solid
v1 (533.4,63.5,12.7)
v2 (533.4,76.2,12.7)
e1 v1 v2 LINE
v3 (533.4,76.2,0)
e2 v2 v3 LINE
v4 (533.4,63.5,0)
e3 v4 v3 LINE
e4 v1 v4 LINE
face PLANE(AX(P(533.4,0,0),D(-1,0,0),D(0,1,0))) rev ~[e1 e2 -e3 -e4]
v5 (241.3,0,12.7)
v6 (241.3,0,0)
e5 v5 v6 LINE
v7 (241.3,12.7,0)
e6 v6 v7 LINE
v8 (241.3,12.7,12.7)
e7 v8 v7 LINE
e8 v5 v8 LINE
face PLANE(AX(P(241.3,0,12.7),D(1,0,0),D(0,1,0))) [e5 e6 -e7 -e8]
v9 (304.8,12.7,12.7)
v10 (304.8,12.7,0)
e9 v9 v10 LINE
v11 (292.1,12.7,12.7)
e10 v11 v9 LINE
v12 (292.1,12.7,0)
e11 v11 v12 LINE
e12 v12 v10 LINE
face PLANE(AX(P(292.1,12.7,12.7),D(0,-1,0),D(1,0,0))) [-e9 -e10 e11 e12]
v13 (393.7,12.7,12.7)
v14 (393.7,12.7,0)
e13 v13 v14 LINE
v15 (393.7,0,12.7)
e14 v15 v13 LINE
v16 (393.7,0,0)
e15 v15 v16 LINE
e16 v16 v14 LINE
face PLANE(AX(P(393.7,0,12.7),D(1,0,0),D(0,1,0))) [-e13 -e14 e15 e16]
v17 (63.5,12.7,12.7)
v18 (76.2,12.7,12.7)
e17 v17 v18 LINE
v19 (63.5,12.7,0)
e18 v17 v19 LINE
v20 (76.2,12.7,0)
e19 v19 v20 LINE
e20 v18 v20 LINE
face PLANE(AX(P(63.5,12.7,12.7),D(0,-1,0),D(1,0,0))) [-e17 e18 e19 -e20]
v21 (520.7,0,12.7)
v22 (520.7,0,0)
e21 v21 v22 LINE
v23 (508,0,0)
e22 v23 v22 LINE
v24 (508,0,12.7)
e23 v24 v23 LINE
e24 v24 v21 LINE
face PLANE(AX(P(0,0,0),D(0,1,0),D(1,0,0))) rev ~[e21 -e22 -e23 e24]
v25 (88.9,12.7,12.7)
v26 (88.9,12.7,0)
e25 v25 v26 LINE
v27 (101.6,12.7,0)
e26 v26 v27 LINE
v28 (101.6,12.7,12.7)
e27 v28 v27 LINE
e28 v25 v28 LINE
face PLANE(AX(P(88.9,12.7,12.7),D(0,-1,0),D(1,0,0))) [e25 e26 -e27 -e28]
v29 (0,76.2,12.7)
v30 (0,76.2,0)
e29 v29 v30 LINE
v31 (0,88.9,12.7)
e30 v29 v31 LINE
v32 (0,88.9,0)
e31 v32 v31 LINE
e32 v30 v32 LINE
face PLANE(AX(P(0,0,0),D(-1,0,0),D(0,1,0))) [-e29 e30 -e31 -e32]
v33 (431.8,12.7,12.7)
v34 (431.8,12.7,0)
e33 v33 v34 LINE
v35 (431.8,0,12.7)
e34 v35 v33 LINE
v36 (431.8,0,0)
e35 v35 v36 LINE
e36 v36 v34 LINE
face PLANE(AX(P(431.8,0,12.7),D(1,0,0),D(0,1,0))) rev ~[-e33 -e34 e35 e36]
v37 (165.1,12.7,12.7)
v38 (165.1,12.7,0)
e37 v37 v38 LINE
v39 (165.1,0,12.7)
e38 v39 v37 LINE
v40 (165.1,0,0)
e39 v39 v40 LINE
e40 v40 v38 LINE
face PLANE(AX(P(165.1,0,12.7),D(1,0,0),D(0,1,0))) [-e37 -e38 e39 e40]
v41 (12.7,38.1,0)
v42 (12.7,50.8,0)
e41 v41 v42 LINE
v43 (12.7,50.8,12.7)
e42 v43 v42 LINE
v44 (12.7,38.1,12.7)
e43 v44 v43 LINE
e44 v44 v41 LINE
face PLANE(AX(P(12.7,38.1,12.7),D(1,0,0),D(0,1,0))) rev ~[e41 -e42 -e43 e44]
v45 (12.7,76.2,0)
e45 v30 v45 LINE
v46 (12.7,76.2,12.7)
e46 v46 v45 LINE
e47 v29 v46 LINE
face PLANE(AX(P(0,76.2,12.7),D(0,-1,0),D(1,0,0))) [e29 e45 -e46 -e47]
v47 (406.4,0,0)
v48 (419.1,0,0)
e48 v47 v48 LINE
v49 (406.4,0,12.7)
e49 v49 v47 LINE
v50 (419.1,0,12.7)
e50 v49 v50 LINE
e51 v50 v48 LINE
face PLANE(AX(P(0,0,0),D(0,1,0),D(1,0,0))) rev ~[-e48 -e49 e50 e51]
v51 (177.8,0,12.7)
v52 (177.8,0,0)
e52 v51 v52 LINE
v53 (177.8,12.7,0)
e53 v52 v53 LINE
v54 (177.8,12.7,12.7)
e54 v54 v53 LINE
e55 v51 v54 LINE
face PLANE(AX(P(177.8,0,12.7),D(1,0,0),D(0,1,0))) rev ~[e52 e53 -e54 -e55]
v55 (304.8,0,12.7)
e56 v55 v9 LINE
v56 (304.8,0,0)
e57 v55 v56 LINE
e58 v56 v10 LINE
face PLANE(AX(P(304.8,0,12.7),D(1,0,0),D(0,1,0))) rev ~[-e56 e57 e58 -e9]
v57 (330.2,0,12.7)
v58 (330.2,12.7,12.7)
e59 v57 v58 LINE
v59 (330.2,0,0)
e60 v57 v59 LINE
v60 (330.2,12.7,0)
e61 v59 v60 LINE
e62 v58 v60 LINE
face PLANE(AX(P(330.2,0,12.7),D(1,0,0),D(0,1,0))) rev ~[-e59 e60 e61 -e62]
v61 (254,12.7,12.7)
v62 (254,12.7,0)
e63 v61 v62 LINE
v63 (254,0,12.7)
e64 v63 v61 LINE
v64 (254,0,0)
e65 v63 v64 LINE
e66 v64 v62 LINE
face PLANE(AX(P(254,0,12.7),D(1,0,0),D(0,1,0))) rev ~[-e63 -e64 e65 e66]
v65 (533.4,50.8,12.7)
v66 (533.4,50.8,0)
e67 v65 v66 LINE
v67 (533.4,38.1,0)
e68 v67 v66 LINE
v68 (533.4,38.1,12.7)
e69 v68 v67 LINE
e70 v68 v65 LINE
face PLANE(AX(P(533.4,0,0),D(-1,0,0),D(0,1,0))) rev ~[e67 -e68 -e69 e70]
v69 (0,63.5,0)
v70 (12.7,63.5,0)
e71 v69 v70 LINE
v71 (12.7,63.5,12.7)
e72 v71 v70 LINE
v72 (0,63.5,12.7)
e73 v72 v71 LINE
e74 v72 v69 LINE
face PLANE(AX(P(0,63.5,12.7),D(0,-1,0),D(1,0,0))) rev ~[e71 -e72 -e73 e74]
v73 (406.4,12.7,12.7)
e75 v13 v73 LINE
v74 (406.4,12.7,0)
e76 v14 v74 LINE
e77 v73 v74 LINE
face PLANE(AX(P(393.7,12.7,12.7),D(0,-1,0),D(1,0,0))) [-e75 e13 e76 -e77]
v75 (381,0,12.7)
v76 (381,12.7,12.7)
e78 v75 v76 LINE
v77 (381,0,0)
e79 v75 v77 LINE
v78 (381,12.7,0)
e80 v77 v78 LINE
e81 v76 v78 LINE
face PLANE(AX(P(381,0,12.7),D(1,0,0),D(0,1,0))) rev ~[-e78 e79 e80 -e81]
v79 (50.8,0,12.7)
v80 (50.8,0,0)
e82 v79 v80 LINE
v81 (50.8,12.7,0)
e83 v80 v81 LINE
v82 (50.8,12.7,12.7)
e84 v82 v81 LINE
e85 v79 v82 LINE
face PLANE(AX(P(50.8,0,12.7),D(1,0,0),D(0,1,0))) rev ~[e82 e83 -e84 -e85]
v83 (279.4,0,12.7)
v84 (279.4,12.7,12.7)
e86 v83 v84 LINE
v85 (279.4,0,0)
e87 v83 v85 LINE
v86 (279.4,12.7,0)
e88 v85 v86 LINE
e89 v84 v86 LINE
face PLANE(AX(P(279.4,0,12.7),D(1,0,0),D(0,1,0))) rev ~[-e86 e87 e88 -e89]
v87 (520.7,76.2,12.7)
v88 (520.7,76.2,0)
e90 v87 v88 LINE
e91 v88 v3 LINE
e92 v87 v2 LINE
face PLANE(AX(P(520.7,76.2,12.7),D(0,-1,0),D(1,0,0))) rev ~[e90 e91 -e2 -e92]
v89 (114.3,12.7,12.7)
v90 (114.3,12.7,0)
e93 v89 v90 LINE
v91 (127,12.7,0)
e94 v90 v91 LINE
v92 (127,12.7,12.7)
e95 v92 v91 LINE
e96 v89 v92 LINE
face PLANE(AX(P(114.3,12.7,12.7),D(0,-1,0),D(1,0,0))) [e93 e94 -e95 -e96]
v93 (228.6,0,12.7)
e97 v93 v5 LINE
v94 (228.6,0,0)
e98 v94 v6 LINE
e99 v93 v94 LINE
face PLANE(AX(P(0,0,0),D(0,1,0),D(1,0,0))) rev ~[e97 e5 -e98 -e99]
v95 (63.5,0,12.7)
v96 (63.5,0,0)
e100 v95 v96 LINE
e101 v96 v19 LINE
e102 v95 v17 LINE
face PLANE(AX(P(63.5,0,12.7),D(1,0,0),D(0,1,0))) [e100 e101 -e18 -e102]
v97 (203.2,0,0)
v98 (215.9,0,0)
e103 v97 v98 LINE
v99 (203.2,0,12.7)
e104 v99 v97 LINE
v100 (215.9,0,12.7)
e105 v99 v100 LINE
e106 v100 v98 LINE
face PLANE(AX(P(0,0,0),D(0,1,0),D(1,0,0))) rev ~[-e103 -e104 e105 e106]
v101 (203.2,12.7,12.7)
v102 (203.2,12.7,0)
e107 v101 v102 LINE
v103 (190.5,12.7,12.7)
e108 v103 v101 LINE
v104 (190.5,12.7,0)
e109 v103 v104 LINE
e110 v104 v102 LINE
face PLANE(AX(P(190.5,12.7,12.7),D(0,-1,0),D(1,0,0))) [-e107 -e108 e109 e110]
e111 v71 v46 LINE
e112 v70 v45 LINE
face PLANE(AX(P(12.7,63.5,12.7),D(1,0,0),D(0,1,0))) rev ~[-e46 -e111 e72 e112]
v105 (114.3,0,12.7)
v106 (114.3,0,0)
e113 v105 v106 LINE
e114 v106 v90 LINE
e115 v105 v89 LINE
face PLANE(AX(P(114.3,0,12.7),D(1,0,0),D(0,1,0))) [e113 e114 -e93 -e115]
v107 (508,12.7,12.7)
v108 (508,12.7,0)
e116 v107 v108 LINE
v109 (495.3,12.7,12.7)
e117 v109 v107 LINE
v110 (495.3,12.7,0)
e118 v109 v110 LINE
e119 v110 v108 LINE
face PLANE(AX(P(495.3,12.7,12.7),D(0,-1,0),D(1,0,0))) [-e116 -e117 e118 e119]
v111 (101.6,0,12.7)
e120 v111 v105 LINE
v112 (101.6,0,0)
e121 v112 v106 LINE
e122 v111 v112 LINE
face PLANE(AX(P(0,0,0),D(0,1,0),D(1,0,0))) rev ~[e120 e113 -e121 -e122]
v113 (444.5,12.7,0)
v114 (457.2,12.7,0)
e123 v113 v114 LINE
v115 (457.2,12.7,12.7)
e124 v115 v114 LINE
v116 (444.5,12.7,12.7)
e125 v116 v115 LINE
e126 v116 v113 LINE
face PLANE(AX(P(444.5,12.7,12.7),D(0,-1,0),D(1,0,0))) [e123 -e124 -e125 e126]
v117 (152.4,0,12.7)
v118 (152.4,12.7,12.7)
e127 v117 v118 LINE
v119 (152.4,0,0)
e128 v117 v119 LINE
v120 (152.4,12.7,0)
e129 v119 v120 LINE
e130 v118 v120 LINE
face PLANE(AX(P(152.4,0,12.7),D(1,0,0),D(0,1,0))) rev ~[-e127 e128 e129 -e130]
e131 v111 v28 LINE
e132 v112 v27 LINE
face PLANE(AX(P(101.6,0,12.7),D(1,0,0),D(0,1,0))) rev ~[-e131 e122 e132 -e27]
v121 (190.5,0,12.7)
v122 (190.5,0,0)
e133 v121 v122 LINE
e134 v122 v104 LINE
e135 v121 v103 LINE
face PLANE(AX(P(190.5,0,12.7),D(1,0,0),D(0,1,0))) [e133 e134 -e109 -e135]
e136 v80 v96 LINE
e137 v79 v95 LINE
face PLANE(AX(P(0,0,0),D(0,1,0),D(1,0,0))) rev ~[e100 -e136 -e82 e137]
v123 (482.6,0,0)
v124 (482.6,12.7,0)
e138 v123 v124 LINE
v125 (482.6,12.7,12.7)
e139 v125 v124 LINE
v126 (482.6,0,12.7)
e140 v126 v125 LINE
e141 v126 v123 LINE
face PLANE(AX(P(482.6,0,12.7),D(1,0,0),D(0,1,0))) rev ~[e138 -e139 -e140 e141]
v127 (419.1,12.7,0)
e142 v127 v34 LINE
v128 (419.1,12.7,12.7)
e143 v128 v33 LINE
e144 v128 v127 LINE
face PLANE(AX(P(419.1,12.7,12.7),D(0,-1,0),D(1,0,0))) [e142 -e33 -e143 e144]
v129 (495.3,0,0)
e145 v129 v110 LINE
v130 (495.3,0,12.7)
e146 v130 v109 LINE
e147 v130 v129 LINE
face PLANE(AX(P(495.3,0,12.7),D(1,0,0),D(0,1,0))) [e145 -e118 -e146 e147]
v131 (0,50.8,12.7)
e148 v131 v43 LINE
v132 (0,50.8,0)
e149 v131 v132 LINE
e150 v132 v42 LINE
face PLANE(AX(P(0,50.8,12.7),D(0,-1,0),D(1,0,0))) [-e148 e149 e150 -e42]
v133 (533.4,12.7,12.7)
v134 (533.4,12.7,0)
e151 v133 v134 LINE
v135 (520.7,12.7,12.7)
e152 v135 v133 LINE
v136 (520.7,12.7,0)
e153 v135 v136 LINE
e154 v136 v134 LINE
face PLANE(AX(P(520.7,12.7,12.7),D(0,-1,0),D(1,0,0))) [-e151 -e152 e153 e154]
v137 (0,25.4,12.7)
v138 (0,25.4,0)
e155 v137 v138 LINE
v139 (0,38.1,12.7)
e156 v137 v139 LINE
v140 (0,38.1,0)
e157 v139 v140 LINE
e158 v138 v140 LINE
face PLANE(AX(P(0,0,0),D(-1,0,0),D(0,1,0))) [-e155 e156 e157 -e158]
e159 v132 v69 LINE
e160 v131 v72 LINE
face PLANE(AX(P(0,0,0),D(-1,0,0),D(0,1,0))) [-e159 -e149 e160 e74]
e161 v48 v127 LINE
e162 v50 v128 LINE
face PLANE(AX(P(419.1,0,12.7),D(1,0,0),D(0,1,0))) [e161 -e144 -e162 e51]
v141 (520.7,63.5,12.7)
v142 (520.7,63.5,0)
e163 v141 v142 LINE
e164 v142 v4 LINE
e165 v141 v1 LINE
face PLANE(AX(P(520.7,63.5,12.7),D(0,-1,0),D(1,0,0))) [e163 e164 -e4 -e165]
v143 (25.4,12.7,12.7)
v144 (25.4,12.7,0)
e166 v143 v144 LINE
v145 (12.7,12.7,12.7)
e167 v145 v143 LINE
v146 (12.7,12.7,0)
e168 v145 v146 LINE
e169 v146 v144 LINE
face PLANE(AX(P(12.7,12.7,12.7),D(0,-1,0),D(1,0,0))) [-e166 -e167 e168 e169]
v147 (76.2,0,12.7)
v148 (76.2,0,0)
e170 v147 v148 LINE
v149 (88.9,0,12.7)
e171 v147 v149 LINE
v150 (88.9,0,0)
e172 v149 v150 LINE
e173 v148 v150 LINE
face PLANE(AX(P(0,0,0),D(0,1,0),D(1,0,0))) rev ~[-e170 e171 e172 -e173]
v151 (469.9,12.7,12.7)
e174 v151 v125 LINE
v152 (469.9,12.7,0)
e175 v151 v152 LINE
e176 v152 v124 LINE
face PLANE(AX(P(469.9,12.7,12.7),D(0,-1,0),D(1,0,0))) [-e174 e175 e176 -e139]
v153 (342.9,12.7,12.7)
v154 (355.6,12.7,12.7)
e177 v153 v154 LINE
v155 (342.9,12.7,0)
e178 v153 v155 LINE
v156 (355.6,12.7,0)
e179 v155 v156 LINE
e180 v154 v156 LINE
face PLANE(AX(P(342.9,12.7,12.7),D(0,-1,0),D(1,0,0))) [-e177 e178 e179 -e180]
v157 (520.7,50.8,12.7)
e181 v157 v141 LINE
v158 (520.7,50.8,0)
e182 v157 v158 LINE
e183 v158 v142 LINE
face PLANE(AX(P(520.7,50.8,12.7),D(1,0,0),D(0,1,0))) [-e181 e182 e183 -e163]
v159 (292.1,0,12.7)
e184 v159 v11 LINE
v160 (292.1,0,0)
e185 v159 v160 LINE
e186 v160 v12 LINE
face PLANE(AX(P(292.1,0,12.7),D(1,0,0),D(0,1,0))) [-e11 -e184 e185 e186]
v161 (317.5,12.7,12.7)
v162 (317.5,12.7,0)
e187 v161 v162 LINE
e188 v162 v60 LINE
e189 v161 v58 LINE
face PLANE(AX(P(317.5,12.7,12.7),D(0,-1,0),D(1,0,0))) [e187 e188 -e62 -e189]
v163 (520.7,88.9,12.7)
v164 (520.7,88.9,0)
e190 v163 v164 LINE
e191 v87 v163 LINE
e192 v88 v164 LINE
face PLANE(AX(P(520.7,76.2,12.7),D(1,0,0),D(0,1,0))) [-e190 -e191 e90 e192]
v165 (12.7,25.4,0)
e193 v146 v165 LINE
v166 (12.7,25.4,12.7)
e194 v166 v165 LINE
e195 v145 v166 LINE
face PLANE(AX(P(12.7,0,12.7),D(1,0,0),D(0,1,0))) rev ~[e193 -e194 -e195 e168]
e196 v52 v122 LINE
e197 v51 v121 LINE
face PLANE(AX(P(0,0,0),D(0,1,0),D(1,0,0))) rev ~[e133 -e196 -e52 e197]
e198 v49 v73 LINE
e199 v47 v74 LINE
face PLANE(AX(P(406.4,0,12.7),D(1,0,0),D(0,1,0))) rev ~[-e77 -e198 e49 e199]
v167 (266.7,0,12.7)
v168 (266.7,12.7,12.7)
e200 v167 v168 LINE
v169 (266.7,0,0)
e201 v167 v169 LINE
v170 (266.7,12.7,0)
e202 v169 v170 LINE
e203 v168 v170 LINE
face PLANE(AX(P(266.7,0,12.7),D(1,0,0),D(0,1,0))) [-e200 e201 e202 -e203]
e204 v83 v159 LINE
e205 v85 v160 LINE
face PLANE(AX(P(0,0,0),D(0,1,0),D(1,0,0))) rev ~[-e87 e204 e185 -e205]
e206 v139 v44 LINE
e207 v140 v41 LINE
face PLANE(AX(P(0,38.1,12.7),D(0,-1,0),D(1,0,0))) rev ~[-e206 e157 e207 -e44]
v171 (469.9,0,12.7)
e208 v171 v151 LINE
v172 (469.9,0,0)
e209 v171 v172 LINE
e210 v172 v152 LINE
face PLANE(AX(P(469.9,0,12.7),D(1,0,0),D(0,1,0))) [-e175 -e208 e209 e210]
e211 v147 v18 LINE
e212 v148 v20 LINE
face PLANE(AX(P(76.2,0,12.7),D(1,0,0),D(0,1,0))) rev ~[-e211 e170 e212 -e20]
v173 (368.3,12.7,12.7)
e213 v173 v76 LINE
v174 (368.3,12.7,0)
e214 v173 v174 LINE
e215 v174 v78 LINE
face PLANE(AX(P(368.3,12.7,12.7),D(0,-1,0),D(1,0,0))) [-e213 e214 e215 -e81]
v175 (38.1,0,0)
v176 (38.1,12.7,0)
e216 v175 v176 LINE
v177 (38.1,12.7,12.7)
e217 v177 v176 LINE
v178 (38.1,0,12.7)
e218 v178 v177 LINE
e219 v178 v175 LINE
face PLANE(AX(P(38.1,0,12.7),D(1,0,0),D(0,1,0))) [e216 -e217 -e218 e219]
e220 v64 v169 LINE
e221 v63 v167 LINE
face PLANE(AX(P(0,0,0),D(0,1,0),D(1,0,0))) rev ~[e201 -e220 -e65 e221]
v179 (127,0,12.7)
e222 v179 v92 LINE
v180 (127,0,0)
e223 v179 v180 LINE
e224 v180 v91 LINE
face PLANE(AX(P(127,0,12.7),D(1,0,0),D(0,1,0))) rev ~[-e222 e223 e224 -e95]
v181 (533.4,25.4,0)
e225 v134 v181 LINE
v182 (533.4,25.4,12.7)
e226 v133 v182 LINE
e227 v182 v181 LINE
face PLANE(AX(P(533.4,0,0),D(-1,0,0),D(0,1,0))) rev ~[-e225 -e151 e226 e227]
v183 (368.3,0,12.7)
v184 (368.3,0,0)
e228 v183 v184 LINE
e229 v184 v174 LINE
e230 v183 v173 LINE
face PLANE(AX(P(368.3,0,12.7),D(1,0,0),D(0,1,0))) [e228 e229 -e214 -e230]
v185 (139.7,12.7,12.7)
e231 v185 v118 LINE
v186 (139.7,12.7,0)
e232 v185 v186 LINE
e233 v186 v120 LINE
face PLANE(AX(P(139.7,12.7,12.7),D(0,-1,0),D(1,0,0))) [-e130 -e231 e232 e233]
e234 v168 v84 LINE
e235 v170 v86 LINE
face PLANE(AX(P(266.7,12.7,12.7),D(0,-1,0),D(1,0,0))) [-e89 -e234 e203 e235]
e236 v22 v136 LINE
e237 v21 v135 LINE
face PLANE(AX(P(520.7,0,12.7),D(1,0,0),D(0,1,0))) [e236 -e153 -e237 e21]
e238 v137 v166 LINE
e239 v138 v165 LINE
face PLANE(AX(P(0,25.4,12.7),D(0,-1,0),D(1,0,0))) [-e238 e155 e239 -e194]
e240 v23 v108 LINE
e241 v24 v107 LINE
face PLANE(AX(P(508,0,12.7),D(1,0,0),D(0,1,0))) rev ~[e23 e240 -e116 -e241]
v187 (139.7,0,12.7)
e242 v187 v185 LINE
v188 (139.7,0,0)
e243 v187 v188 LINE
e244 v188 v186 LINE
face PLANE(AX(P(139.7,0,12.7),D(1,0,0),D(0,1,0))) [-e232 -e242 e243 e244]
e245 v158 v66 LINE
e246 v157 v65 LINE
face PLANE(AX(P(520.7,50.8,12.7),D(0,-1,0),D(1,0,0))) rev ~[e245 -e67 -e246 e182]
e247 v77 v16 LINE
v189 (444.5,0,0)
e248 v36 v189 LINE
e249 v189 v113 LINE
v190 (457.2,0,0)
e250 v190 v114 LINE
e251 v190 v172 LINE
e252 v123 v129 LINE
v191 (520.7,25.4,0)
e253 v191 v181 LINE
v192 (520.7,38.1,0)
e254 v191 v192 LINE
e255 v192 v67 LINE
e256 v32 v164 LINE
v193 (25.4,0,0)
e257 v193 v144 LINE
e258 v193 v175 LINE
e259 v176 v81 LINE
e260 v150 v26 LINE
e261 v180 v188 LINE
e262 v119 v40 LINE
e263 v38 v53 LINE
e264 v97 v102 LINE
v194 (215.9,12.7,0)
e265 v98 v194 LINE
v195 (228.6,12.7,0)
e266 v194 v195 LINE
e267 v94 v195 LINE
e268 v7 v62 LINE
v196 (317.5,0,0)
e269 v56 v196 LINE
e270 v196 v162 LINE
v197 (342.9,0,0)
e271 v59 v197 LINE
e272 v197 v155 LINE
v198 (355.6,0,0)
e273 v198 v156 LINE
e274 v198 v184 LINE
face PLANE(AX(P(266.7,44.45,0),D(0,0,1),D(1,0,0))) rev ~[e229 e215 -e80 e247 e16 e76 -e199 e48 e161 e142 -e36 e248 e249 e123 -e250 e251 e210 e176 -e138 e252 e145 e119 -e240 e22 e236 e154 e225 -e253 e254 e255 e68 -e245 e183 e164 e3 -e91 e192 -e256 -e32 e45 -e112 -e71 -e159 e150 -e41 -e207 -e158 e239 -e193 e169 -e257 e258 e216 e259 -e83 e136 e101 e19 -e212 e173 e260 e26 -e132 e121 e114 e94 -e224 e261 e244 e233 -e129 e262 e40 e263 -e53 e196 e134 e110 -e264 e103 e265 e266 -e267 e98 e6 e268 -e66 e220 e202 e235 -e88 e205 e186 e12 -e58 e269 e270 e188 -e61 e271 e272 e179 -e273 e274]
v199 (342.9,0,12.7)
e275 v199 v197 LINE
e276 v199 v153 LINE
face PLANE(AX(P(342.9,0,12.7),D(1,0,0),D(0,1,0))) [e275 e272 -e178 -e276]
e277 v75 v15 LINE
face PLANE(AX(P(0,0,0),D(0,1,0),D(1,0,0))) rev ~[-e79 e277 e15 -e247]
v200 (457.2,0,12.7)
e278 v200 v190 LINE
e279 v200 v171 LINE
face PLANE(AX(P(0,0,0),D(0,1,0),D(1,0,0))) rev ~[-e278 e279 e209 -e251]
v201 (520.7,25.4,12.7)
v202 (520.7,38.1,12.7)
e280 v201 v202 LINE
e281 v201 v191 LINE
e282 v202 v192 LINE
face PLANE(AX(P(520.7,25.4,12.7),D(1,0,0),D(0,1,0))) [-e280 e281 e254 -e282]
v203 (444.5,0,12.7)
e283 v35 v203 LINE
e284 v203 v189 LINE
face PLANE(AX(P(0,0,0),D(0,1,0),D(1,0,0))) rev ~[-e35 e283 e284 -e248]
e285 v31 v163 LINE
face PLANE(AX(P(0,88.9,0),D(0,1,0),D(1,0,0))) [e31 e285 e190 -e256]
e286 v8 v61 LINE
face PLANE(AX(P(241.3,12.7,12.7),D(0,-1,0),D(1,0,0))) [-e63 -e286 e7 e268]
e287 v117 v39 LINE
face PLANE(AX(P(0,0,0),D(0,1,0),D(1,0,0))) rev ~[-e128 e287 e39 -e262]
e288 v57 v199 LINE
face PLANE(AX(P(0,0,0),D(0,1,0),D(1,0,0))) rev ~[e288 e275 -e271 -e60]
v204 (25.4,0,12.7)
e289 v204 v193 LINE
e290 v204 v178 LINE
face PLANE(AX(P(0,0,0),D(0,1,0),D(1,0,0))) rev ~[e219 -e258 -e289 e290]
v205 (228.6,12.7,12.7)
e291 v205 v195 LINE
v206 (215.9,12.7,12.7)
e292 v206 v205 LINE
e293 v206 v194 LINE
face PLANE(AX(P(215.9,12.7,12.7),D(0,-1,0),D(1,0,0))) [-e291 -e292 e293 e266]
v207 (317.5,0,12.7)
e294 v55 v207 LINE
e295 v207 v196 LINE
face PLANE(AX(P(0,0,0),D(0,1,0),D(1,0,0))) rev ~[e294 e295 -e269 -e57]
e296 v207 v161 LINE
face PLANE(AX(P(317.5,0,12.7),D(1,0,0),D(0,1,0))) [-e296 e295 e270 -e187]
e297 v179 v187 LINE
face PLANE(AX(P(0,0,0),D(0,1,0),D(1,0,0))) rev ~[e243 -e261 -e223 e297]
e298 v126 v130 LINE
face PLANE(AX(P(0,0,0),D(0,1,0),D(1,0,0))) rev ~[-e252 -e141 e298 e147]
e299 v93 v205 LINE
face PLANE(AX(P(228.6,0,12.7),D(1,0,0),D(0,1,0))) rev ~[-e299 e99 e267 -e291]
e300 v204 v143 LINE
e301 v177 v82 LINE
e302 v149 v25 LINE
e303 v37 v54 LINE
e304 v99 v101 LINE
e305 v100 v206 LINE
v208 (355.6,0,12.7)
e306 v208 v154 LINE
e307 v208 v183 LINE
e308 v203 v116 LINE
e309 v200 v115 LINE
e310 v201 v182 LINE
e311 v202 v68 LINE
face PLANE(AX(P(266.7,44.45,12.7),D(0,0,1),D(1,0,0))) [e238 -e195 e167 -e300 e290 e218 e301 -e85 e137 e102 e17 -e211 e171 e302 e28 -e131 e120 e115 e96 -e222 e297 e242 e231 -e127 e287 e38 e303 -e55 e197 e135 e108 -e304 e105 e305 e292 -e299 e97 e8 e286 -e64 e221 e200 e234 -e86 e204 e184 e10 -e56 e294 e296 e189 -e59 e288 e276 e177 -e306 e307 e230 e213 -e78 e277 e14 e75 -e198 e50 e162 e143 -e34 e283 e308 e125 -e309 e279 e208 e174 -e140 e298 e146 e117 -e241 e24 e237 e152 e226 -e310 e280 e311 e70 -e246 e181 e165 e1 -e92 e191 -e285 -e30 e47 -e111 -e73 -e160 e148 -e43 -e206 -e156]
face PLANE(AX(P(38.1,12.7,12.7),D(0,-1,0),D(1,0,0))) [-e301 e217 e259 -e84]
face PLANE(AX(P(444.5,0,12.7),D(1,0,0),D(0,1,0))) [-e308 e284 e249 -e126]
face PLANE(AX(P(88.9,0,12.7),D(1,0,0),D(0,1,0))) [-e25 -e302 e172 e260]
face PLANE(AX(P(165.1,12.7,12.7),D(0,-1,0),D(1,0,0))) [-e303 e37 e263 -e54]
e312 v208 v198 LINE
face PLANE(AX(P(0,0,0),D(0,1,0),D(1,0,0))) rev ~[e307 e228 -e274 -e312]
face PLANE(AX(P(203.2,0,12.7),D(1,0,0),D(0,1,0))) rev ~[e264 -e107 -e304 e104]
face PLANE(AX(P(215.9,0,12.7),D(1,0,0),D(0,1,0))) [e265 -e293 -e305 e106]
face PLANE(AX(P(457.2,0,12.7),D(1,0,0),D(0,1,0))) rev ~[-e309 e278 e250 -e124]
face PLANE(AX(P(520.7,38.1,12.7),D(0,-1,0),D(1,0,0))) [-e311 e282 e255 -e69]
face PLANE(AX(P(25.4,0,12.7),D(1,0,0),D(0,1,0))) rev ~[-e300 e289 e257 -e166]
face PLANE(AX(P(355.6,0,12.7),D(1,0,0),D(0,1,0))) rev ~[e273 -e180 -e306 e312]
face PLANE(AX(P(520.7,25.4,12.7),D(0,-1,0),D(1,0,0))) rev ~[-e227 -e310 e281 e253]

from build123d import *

# Parameters (mm, degrees)
F0_W     = 533.4
F0_H     = 88.9
F1_DEPTH = 12.7
F2_W     = 12.7
F2_H     = 12.7
F3_DEPTH = 25.4
F4_W     = 12.7
F4_H     = 12.7
F4_H_2   = 25.4
F5_DEPTH = 25.4
F6_W     = 12.7
F6_H     = 12.7
F7_DEPTH = 25.4


with BuildPart() as f1:
    # F0 (on Top) → F1 (new body)
    with BuildSketch(Plane.XY):
        with Locations((266.7, 44.45)):
            Rectangle(F0_W, F0_H)
    extrude(amount=F1_DEPTH)

    # F2 (on face) → F3 (cut)
    with BuildSketch(Plane.XY.offset(12.7)):
        with Locations((527.05, 6.35)):
            Rectangle(F2_W, F2_H)
        with Locations((527.05, 31.75)):
            Rectangle(F2_W, F2_H)
        with Locations((527.05, 57.15)):
            Rectangle(F2_W, F2_H)
        with Locations((527.05, 82.55)):
            Rectangle(F2_W, F2_H)
    extrude(amount=-F3_DEPTH, mode=Mode.SUBTRACT)

    # F4 (on face) → F5 (cut)
    with BuildSketch(Plane.XY.offset(12.7)):
        with Locations((6.35, 44.45)):
            Rectangle(F4_W, F4_H)
        with Locations((6.35, 69.85)):
            Rectangle(F4_W, F4_H)
        with Locations((6.35, 12.7)):
            Rectangle(F4_W, F4_H_2)
    extrude(amount=-F5_DEPTH, mode=Mode.SUBTRACT)

    # F6 (on face) → F7 (cut)
    with BuildSketch(Plane.XY.offset(12.7)):
        with Locations((19.05, 6.35)):
            Rectangle(F6_W, F6_H)
        with Locations((44.45, 6.35)):
            Rectangle(F6_W, F6_H)
        with Locations((69.85, 6.35)):
            Rectangle(F6_W, F6_H)
        with Locations((95.25, 6.35)):
            Rectangle(F6_W, F6_H)
        with Locations((120.65, 6.35)):
            Rectangle(F6_W, F6_H)
        with Locations((146.05, 6.35)):
            Rectangle(F6_W, F6_H)
        with Locations((171.45, 6.35)):
            Rectangle(F6_W, F6_H)
        with Locations((196.85, 6.35)):
            Rectangle(F6_W, F6_H)
        with Locations((222.25, 6.35)):
            Rectangle(F6_W, F6_H)
        with Locations((247.65, 6.35)):
            Rectangle(F6_W, F6_H)
        with Locations((273.05, 6.35)):
            Rectangle(F6_W, F6_H)
        with Locations((298.45, 6.35)):
            Rectangle(F6_W, F6_H)
        with Locations((323.85, 6.35)):
            Rectangle(F6_W, F6_H)
        with Locations((349.25, 6.35)):
            Rectangle(F6_W, F6_H)
        with Locations((374.65, 6.35)):
            Rectangle(F6_W, F6_H)
        with Locations((400.05, 6.35)):
            Rectangle(F6_W, F6_H)
        with Locations((425.45, 6.35)):
            Rectangle(F6_W, F6_H)
        with Locations((450.85, 6.35)):
            Rectangle(F6_W, F6_H)
        with Locations((476.25, 6.35)):
            Rectangle(F6_W, F6_H)
        with Locations((501.65, 6.35)):
            Rectangle(F6_W, F6_H)
    extrude(amount=-F7_DEPTH, mode=Mode.SUBTRACT)


solid = f1.part
